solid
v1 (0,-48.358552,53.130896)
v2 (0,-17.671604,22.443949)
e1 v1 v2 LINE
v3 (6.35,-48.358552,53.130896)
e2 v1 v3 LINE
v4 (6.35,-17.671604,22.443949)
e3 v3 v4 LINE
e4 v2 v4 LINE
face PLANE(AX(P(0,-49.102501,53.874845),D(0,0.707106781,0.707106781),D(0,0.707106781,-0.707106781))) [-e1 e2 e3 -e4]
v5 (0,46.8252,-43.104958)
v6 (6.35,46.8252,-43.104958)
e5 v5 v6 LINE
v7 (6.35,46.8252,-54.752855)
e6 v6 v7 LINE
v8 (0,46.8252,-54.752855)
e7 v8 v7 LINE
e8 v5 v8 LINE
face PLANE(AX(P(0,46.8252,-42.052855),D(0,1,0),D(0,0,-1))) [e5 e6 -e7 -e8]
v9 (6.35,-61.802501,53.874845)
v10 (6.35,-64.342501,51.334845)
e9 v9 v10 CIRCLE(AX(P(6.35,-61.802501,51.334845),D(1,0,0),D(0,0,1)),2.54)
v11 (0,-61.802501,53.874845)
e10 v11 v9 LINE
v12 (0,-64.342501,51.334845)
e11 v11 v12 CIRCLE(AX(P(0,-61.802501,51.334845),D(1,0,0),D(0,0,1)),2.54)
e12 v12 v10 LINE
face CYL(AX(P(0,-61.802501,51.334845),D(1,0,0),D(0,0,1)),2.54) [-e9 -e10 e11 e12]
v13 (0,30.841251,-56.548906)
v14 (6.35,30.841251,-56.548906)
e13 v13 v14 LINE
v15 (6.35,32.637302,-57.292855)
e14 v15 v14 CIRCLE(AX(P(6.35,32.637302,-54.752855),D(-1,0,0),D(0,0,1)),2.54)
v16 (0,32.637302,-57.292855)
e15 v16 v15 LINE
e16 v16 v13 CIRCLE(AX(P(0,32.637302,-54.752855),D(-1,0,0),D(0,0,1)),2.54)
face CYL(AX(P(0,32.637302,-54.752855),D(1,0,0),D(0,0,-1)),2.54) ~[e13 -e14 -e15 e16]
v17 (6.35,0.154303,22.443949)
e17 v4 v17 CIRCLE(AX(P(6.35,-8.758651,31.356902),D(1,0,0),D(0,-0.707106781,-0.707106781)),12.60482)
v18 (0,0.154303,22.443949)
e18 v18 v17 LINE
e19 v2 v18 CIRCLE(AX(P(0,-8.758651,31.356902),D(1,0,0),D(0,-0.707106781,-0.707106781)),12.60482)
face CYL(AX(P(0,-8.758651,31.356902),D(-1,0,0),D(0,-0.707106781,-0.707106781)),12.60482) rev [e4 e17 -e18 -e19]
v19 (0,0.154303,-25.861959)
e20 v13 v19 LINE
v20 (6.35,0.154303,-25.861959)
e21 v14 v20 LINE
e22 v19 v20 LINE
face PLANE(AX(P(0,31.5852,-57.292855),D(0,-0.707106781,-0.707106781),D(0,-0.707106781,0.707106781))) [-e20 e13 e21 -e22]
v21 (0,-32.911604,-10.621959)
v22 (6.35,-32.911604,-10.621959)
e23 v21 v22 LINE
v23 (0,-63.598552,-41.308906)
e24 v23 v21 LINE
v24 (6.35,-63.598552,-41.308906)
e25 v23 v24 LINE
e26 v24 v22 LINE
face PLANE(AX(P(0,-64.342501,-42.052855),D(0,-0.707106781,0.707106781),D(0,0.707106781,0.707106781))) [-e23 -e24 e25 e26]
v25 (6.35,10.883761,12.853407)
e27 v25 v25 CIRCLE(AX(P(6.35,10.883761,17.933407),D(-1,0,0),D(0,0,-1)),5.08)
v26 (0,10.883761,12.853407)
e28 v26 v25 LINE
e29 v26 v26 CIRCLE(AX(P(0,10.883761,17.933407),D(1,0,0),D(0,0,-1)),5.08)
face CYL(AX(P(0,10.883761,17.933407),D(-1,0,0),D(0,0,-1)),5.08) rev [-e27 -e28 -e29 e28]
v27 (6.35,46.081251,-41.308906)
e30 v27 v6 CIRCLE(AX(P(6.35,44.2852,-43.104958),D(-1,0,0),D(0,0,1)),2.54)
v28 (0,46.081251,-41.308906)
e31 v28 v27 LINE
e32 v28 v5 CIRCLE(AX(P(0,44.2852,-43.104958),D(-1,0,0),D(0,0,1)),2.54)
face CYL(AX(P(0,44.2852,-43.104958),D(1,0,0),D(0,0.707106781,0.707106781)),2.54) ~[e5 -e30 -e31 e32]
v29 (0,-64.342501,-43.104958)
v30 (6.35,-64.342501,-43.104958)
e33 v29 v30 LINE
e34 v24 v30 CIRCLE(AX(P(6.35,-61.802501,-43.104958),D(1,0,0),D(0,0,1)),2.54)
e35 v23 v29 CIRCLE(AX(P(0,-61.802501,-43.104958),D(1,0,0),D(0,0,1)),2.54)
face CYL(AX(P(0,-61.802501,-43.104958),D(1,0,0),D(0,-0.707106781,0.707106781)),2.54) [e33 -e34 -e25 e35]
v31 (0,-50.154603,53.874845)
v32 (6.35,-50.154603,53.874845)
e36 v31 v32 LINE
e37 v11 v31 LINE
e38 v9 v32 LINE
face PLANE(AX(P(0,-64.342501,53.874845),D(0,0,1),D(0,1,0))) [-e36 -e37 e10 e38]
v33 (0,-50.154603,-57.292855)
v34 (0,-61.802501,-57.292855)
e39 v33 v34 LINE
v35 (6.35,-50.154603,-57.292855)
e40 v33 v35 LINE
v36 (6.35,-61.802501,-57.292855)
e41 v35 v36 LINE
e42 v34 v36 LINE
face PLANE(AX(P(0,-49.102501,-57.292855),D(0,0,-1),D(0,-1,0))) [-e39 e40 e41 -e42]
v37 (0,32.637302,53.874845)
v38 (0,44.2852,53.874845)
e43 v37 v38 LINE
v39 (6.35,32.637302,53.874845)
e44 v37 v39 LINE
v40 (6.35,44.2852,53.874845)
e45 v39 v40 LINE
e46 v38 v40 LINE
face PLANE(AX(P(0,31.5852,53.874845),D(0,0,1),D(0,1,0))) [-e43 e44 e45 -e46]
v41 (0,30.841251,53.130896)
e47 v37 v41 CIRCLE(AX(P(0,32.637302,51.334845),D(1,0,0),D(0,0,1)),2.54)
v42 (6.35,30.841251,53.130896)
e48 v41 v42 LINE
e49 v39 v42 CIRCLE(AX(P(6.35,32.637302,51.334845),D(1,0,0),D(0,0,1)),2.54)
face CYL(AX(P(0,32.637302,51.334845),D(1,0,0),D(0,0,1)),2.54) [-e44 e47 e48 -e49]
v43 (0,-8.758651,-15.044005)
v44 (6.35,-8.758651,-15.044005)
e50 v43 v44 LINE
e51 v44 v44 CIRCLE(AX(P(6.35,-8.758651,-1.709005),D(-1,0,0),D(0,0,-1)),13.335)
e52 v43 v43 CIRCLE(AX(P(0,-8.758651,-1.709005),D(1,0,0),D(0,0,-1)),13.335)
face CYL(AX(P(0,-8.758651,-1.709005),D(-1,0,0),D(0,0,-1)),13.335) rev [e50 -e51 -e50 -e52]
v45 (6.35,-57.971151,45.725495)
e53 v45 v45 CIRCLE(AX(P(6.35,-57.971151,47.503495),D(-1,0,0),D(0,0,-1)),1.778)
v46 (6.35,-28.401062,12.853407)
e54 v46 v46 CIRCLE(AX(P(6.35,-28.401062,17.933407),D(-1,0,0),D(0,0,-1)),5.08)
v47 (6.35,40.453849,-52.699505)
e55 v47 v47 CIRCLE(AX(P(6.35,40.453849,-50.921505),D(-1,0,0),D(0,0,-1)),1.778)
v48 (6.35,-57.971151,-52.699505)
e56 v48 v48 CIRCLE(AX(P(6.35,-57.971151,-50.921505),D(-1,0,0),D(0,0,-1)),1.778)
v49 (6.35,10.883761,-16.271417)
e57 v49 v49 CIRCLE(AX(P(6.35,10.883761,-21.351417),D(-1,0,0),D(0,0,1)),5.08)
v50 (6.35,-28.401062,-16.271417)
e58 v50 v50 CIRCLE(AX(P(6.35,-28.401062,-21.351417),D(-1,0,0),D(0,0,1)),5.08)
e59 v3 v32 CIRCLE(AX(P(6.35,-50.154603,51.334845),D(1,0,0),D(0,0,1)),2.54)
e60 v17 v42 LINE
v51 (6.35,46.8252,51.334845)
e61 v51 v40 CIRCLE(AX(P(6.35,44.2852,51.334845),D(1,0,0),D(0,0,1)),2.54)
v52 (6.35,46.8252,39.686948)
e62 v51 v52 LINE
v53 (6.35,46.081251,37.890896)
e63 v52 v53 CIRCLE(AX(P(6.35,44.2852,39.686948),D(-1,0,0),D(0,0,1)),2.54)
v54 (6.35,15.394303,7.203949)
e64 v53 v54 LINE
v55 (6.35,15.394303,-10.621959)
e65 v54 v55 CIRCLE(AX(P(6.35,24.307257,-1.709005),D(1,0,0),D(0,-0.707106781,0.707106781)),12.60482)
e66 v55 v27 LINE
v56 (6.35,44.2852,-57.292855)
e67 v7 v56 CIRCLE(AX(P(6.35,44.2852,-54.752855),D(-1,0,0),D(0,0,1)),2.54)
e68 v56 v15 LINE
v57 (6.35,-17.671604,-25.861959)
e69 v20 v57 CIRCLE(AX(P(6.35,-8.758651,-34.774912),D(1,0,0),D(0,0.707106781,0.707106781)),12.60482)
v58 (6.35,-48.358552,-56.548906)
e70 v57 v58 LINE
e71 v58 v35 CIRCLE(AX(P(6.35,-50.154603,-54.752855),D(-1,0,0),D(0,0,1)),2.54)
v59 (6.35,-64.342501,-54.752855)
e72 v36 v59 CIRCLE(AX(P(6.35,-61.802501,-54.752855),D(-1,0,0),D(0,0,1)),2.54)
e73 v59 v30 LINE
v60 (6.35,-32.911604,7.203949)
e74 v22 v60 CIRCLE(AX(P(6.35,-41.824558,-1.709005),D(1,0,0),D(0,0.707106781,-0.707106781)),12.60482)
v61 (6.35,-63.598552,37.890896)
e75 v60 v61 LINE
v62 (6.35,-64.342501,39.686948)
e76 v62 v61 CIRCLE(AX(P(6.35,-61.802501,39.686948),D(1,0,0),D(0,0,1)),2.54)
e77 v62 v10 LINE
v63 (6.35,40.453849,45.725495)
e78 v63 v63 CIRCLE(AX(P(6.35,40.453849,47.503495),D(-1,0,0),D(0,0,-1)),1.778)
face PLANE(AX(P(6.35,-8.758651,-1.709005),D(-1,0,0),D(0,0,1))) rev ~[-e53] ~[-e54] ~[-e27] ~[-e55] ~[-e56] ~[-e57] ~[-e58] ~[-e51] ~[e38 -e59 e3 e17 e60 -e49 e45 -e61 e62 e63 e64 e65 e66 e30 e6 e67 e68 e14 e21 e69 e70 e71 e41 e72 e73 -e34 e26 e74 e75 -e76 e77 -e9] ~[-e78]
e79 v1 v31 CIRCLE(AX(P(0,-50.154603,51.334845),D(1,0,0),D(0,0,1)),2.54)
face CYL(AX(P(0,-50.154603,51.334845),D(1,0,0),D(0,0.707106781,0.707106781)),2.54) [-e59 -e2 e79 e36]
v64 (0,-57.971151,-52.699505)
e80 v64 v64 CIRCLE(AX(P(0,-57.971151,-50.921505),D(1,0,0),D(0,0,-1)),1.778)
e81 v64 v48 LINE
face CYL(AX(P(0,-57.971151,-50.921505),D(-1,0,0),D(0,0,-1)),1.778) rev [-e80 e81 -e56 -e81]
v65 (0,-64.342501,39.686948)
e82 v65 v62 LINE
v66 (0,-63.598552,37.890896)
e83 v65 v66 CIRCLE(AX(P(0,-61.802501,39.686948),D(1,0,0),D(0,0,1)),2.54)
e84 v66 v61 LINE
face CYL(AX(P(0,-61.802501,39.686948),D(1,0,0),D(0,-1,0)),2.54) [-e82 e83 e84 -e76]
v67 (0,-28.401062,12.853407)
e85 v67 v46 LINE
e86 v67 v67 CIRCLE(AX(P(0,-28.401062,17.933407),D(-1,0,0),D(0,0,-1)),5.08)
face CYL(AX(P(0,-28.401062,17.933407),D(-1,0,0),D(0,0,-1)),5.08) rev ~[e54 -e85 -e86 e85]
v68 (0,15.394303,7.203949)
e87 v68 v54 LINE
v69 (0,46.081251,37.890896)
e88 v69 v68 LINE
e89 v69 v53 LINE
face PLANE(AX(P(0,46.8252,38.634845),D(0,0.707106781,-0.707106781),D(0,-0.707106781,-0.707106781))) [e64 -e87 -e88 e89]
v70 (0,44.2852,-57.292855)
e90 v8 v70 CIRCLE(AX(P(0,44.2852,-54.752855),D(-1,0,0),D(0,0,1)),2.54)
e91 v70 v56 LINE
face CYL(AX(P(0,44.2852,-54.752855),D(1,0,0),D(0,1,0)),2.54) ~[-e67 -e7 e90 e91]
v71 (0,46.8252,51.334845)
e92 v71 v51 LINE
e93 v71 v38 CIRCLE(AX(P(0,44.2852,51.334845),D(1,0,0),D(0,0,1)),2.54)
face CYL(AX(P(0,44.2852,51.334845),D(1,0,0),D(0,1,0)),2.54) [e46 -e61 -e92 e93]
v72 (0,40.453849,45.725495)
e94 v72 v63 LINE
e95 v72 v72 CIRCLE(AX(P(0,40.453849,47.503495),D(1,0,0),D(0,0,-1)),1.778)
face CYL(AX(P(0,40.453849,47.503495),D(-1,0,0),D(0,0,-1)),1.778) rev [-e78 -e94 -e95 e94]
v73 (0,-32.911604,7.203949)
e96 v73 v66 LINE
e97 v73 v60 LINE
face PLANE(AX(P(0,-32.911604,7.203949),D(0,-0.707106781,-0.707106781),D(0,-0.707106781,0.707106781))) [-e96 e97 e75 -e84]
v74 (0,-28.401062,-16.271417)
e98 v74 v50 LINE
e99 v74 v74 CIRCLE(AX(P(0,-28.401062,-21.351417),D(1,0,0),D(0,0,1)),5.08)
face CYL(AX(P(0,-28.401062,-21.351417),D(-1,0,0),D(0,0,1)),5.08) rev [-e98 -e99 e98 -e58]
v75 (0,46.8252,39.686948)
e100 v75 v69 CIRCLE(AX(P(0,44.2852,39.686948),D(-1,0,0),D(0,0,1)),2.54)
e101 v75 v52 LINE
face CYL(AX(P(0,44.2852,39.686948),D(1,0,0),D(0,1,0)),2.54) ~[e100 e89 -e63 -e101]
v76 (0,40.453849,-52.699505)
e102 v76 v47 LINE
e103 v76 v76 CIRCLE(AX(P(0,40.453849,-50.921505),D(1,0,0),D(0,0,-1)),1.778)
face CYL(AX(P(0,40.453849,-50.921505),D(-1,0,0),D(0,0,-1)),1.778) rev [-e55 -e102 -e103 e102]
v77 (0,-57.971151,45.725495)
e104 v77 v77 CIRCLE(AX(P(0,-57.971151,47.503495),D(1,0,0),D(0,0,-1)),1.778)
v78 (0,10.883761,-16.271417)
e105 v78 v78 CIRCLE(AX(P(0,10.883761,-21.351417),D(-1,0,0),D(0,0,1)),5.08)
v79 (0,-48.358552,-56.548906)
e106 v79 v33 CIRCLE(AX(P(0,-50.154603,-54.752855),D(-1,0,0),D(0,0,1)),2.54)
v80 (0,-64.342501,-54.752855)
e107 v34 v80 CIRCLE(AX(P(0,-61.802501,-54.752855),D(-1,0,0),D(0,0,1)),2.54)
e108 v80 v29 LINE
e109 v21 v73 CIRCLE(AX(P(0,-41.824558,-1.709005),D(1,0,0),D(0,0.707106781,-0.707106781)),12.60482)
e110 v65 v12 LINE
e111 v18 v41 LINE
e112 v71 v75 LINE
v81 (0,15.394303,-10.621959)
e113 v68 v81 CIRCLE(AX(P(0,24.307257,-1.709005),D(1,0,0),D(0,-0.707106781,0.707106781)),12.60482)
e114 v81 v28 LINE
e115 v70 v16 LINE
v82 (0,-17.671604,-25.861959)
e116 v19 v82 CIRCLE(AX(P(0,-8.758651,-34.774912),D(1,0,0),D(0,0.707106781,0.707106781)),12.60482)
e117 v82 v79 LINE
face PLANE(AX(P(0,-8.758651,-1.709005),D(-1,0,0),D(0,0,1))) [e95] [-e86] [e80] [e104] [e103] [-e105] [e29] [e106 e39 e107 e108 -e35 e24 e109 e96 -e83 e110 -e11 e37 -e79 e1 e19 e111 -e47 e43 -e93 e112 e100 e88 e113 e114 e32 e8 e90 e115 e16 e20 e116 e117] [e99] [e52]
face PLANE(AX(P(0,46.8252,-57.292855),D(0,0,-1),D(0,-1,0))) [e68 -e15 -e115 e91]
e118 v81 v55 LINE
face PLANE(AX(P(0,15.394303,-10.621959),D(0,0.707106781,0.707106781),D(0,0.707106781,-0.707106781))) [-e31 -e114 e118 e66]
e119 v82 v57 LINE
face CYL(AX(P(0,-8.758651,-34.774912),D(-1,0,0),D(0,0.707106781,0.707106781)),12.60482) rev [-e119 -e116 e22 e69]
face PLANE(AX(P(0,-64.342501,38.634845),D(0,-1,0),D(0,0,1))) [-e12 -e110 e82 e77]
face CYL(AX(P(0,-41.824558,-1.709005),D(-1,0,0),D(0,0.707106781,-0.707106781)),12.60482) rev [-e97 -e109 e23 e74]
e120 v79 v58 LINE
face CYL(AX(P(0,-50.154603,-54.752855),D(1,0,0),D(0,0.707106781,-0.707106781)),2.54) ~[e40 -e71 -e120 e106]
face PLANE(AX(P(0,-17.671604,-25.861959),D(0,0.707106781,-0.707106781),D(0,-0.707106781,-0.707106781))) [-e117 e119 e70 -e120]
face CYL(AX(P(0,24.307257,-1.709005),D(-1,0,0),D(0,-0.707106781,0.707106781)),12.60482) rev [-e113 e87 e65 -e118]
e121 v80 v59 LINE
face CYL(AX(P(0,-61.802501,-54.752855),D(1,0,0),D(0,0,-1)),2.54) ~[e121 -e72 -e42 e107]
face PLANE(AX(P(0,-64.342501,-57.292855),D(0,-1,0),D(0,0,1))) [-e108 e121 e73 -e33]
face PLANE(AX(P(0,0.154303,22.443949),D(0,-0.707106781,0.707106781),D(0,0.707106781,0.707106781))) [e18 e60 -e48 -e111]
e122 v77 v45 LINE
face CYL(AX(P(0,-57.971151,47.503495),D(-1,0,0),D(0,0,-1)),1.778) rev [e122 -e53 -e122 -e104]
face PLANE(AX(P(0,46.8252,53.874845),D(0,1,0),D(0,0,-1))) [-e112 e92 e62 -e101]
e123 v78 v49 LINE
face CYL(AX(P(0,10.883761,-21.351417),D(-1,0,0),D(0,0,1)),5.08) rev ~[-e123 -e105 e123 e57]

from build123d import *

# Parameters (mm, degrees)
BOSS_EXTRUDE1_DEPTH     = 6.35
SKETCH1_9_R             = 13.335
CUT_EXTRUDE1_DEPTH      = 11.938
SKETCH1_10_R            = 1.778
CUT_EXTRUDE2_DEPTH      = 24.638
SKETCH1_11_R            = 1.778
CUT_EXTRUDE3_DEPTH      = 24.13
SKETCH1_12_R            = 1.778
CUT_EXTRUDE4_DEPTH      = 38.862
SKETCH1_13_R            = 1.778
CUT_EXTRUDE5_DEPTH      = 13.462
FILLET1_R               = 2.54
SKETCH2_R               = 5.08
CUT_EXTRUDE6_DEPTH      = 13.462
MIRROR2_COPY_1_SKETCH_R = 5.08
MIRROR2_COPY_1_DEPTH    = 13.462


with BuildPart() as part:
    # Sketch1 → Boss-Extrude1 (new body)
    with BuildSketch(Plane(origin=(0, 0, 0), x_dir=(0, 0, -1), z_dir=(1, 0, 0))):
        with BuildLine():
            Line((-53.874845122, 46.825199553), (-38.634845122, 46.825199553))
            Line((-38.634845122, 46.825199553), (-7.203948698, 15.394303129))
            ThreePointArc((-7.203948698, 15.394303129), (1.709004986, 11.702436832), (10.621958671, 15.394303129))
            Line((10.621958671, 15.394303129), (42.052855095, 46.825199553))
            Line((42.052855095, 46.825199553), (57.292855095, 46.825199553))
            Line((57.292855095, 46.825199553), (57.292855095, 31.585199553))
            Line((57.292855095, 31.585199553), (25.861958671, 0.154303129))
            ThreePointArc((25.861958671, 0.154303129), (22.170092374, -8.758650555), (25.861958671, -17.67160424))
            Line((25.861958671, -17.67160424), (57.292855095, -49.102500664))
            Line((57.292855095, -49.102500664), (57.292855095, -64.342500664))
            Line((57.292855095, -64.342500664), (42.052855095, -64.342500664))
            Line((42.052855095, -64.342500664), (10.621958671, -32.91160424))
            ThreePointArc((10.621958671, -32.91160424), (1.709004986, -29.219737943), (-7.203948698, -32.91160424))
            Line((-7.203948698, -32.91160424), (-38.634845122, -64.342500664))
            Line((-38.634845122, -64.342500664), (-53.874845122, -64.342500664))
            Line((-53.874845122, -64.342500664), (-53.874845122, -49.102500664))
            Line((-53.874845122, -49.102500664), (-22.443948698, -17.67160424))
            ThreePointArc((-22.443948698, -17.67160424), (-18.752082401, -8.758650555), (-22.443948698, 0.154303129))
            Line((-22.443948698, 0.154303129), (-53.874845122, 31.585199553))
            Line((-53.874845122, 31.585199553), (-53.874845122, 46.825199553))
        make_face()
    extrude(amount=BOSS_EXTRUDE1_DEPTH)

    # Sketch1<9> → Cut-Extrude1 (cut)
    with BuildSketch(Plane(origin=(0, 0, 0), x_dir=(0, 0, -1), z_dir=(1, 0, 0))):
        with Locations((1.709004986, -8.758650555)):
            Circle(SKETCH1_9_R)
    extrude(amount=CUT_EXTRUDE1_DEPTH, mode=Mode.SUBTRACT)

    # Sketch1<10> → Cut-Extrude2 (cut)
    with BuildSketch(Plane(origin=(0, 0, 0), x_dir=(0, 0, -1), z_dir=(1, 0, 0))):
        with Locations((-47.503495014, -57.971150555)):
            Circle(SKETCH1_10_R)
    extrude(amount=CUT_EXTRUDE2_DEPTH, mode=Mode.SUBTRACT)

    # Sketch1<11> → Cut-Extrude3 (cut)
    with BuildSketch(Plane(origin=(0, 0, 0), x_dir=(0, 0, -1), z_dir=(1, 0, 0))):
        with Locations((50.921504986, -57.971150555)):
            Circle(SKETCH1_11_R)
    extrude(amount=CUT_EXTRUDE3_DEPTH, mode=Mode.SUBTRACT)

    # Sketch1<12> → Cut-Extrude4 (cut)
    with BuildSketch(Plane(origin=(0, 0, 0), x_dir=(0, 0, -1), z_dir=(1, 0, 0))):
        with Locations((50.921504986, 40.453849445)):
            Circle(SKETCH1_12_R)
    extrude(amount=CUT_EXTRUDE4_DEPTH, mode=Mode.SUBTRACT)

    # Sketch1<13> → Cut-Extrude5 (cut)
    with BuildSketch(Plane(origin=(0, 0, 0), x_dir=(0, 0, -1), z_dir=(1, 0, 0))):
        with Locations((-47.503495014, 40.453849445)):
            Circle(SKETCH1_13_R)
    extrude(amount=CUT_EXTRUDE5_DEPTH, mode=Mode.SUBTRACT)

    # Fillet1
    fillet1_edges = [part.edges().sort_by_distance(p)[0] for p in [
        (3.175, 46.825199553, 53.874845122),
        (3.175, 46.825199553, 38.634845122),
        (3.175, 46.825199553, -42.052855095),
        (3.175, 46.825199553, -57.292855095),
        (3.175, 31.585199553, -57.292855095),
        (3.175, -49.102500664, -57.292855095),
        (3.175, -64.342500664, -57.292855095),
        (3.175, -64.342500664, -42.052855095),
        (3.175, -64.342500664, 38.634845122),
        (3.175, -64.342500664, 53.874845122),
        (3.175, -49.102500664, 53.874845122),
        (3.175, 31.585199553, 53.874845122),
    ]]
    fillet(fillet1_edges, radius=FILLET1_R)

    # Sketch2 → Cut-Extrude6 (cut)
    with BuildSketch(Plane.ZY):
        with Locations((-21.351416825, 10.883761284)):
            Circle(SKETCH2_R)
    cut_extrude6 = extrude(amount=-CUT_EXTRUDE6_DEPTH, mode=Mode.SUBTRACT)

    # Mirror1: Cut-Extrude6 across plane
    add(cut_extrude6.mirror(Plane.ZX.offset(-8.758650555)), mode=Mode.SUBTRACT)

    # Mirror2: Cut-Extrude6 across plane
    add(cut_extrude6.mirror(Plane.XY.offset(-1.709004986)), mode=Mode.SUBTRACT)

    # Mirror2 copy 1 sketch → Mirror2 copy 1 (cut)
    with BuildSketch(Plane(origin=(0, -17.517301111, -3.418009973), x_dir=(0, 0, -1), z_dir=(-1, 0, 0))):
        with Locations((-21.351416825, 10.883761284)):
            Circle(MIRROR2_COPY_1_SKETCH_R)
    extrude(amount=-MIRROR2_COPY_1_DEPTH, mode=Mode.SUBTRACT)


solid = part.part
